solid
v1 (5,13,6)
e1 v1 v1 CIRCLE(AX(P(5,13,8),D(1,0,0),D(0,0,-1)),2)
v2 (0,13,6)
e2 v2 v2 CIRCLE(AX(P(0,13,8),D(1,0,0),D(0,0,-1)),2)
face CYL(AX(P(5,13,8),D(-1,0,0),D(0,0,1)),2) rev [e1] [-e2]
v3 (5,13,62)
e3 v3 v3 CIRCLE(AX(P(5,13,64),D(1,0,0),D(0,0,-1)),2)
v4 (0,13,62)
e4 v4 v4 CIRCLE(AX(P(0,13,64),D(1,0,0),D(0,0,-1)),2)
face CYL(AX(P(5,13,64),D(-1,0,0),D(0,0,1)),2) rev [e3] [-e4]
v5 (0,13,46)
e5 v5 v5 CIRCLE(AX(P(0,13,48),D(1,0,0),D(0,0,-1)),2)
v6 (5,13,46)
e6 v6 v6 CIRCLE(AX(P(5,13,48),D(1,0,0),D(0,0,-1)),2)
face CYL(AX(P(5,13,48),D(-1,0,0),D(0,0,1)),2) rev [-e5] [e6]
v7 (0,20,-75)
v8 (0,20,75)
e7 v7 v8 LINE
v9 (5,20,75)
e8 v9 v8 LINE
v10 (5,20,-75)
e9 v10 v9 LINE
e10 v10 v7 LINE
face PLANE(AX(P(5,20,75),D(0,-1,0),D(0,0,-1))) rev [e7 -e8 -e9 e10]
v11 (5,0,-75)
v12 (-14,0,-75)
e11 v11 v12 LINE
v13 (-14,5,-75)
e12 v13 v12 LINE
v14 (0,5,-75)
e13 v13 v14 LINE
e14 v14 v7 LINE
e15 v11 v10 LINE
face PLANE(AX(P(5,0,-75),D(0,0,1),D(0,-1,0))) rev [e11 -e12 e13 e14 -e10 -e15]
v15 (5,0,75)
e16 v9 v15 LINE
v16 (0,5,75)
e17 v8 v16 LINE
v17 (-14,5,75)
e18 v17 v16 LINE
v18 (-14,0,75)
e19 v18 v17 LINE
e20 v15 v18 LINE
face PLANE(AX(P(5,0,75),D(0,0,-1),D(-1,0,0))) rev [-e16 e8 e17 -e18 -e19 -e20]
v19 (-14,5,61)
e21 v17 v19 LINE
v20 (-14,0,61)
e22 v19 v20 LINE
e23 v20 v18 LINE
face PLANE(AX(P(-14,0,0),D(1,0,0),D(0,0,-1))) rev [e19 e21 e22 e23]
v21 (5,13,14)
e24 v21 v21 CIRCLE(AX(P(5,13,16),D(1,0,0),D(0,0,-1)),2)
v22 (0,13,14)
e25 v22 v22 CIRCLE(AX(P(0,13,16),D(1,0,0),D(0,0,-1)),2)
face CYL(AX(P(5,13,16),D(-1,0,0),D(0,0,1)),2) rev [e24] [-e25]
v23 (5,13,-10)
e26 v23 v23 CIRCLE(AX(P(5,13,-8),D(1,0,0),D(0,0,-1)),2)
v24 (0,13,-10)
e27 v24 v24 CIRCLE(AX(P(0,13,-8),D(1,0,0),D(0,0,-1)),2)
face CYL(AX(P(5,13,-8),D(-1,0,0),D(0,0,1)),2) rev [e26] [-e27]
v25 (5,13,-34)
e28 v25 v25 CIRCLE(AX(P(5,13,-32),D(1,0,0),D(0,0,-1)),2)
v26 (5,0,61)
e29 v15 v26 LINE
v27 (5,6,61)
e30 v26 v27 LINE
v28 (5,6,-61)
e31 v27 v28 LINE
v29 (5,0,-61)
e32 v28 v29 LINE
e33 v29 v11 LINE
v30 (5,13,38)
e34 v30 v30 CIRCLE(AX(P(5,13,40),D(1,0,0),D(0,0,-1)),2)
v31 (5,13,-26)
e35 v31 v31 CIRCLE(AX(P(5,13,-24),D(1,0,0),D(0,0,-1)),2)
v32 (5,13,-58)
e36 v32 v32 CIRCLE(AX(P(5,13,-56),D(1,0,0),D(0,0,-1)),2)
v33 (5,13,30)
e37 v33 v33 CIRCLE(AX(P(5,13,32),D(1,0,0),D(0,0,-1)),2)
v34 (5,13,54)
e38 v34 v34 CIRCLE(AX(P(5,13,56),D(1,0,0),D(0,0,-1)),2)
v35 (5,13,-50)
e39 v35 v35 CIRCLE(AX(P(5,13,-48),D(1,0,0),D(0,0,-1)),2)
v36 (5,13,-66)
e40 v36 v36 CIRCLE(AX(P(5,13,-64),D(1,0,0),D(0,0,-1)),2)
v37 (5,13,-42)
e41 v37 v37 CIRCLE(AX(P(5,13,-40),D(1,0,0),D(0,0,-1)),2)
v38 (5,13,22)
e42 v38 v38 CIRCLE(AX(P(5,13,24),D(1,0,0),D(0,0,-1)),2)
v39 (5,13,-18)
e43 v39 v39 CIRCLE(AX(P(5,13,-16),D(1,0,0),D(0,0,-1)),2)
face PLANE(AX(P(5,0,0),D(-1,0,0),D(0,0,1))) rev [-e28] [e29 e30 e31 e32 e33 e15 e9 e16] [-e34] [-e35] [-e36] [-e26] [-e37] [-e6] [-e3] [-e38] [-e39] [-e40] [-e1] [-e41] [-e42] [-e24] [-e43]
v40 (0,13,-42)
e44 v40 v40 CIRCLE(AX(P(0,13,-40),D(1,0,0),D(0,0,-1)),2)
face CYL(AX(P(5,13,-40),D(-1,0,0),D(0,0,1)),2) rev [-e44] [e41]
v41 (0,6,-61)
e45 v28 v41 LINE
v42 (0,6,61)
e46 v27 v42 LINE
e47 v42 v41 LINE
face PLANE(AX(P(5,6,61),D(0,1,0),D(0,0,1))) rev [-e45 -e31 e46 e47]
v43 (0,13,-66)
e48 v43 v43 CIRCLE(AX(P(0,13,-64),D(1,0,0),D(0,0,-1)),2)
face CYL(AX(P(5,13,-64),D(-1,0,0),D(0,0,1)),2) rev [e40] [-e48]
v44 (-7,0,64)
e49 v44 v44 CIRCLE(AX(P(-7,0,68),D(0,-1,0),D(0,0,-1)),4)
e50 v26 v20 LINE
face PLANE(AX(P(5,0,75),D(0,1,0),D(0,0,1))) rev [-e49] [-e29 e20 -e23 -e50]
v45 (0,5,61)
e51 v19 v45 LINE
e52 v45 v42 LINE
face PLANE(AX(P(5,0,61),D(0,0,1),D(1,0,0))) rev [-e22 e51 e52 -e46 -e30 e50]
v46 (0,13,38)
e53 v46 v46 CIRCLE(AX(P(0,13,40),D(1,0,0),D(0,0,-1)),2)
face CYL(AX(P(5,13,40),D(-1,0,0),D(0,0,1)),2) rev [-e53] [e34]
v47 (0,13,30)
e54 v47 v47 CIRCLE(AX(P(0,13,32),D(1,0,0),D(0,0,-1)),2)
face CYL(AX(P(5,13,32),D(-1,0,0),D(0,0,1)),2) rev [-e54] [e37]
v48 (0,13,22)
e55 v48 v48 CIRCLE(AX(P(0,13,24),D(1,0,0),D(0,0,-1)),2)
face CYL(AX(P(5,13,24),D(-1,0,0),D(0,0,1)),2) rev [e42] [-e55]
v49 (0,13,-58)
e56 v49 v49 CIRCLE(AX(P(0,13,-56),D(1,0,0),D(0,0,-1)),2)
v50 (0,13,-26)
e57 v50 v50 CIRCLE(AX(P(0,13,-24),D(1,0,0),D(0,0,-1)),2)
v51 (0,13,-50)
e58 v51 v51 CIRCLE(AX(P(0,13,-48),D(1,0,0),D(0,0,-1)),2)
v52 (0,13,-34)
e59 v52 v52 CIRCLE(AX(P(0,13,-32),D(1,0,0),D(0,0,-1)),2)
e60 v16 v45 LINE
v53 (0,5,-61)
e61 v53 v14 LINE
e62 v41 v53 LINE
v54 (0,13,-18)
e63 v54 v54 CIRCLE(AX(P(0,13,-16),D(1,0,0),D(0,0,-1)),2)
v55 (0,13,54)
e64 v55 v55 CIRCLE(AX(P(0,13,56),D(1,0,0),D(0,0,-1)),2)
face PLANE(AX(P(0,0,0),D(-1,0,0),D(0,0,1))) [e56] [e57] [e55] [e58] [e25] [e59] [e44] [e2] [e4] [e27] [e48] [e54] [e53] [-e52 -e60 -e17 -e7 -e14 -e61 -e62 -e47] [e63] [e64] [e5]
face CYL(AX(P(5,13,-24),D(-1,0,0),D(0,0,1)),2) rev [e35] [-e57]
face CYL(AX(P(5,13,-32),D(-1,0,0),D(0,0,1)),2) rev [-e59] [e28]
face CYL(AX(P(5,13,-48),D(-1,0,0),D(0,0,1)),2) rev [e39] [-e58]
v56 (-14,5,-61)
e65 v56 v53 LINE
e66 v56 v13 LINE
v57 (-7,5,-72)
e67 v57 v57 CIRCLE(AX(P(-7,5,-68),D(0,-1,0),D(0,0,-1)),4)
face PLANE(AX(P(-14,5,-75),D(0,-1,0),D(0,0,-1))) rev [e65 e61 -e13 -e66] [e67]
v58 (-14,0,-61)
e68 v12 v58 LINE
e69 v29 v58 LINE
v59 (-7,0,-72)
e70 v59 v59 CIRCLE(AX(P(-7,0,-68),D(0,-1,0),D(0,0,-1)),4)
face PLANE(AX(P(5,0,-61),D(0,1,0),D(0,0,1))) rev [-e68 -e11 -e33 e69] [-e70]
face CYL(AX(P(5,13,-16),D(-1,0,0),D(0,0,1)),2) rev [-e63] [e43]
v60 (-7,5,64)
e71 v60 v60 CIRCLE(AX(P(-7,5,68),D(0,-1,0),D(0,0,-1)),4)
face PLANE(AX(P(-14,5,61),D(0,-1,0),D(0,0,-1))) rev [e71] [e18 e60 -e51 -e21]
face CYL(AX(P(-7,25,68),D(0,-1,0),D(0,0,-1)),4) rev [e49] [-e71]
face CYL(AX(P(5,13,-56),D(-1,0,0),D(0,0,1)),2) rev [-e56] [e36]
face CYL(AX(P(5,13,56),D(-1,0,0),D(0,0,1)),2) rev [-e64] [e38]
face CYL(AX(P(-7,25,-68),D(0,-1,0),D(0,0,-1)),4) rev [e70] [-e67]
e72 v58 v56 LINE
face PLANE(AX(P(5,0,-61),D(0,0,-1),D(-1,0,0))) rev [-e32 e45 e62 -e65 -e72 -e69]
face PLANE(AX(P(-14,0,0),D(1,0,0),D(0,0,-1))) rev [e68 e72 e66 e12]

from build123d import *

# Parameters (mm, degrees)
SKETCH1_R           = 2
BOSS_EXTRUDE1_DEPTH = 5
SKETCH2_W           = 14
SKETCH2_H           = 5
BOSS_EXTRUDE2_DEPTH = 14
SKETCH3_R           = 4
CUT_EXTRUDE1_DEPTH  = 25


with BuildPart() as part:
    # Sketch1 → Boss-Extrude1 (new body)
    with BuildSketch(Plane(origin=(0, 0, 0), x_dir=(0, 0, -1), z_dir=(1, 0, 0))):
        Polygon((61, 0), (75, 0), (75, 20), (-75, 20), (-75, 0), (-61, 0), (-61, 6), (61, 6), align=None)
        with Locations((-16, 13)):
            Circle(SKETCH1_R, mode=Mode.SUBTRACT)
        with Locations((-24, 13)):
            Circle(SKETCH1_R, mode=Mode.SUBTRACT)
        with Locations((-32, 13)):
            Circle(SKETCH1_R, mode=Mode.SUBTRACT)
        with Locations((-40, 13)):
            Circle(SKETCH1_R, mode=Mode.SUBTRACT)
        with Locations((16, 13)):
            Circle(SKETCH1_R, mode=Mode.SUBTRACT)
        with Locations((24, 13)):
            Circle(SKETCH1_R, mode=Mode.SUBTRACT)
        with Locations((32, 13)):
            Circle(SKETCH1_R, mode=Mode.SUBTRACT)
        with Locations((40, 13)):
            Circle(SKETCH1_R, mode=Mode.SUBTRACT)
        with Locations((-48, 13)):
            Circle(SKETCH1_R, mode=Mode.SUBTRACT)
        with Locations((-56, 13)):
            Circle(SKETCH1_R, mode=Mode.SUBTRACT)
        with Locations((-64, 13)):
            Circle(SKETCH1_R, mode=Mode.SUBTRACT)
        with Locations((48, 13)):
            Circle(SKETCH1_R, mode=Mode.SUBTRACT)
        with Locations((56, 13)):
            Circle(SKETCH1_R, mode=Mode.SUBTRACT)
        with Locations((64, 13)):
            Circle(SKETCH1_R, mode=Mode.SUBTRACT)
        with Locations((-8, 13)):
            Circle(SKETCH1_R, mode=Mode.SUBTRACT)
        with Locations((8, 13)):
            Circle(SKETCH1_R, mode=Mode.SUBTRACT)
    extrude(amount=BOSS_EXTRUDE1_DEPTH)

    # Sketch2 → Boss-Extrude2 (add)
    with BuildSketch(Plane.ZY):
        with Locations((-68, 2.5)):
            Rectangle(SKETCH2_W, SKETCH2_H)
        with Locations((68, 2.5)):
            Rectangle(SKETCH2_W, SKETCH2_H)
    extrude(amount=BOSS_EXTRUDE2_DEPTH)

    # Sketch3 → Cut-Extrude1 (cut)
    with BuildSketch(Plane(origin=(0, 0, 0), x_dir=(-1, 0, 0), z_dir=(0, -1, 0))):
        with Locations((7, -68)):
            Circle(SKETCH3_R)
        with Locations((7, 68)):
            Circle(SKETCH3_R)
    extrude(amount=-CUT_EXTRUDE1_DEPTH, mode=Mode.SUBTRACT)


solid = part.part
